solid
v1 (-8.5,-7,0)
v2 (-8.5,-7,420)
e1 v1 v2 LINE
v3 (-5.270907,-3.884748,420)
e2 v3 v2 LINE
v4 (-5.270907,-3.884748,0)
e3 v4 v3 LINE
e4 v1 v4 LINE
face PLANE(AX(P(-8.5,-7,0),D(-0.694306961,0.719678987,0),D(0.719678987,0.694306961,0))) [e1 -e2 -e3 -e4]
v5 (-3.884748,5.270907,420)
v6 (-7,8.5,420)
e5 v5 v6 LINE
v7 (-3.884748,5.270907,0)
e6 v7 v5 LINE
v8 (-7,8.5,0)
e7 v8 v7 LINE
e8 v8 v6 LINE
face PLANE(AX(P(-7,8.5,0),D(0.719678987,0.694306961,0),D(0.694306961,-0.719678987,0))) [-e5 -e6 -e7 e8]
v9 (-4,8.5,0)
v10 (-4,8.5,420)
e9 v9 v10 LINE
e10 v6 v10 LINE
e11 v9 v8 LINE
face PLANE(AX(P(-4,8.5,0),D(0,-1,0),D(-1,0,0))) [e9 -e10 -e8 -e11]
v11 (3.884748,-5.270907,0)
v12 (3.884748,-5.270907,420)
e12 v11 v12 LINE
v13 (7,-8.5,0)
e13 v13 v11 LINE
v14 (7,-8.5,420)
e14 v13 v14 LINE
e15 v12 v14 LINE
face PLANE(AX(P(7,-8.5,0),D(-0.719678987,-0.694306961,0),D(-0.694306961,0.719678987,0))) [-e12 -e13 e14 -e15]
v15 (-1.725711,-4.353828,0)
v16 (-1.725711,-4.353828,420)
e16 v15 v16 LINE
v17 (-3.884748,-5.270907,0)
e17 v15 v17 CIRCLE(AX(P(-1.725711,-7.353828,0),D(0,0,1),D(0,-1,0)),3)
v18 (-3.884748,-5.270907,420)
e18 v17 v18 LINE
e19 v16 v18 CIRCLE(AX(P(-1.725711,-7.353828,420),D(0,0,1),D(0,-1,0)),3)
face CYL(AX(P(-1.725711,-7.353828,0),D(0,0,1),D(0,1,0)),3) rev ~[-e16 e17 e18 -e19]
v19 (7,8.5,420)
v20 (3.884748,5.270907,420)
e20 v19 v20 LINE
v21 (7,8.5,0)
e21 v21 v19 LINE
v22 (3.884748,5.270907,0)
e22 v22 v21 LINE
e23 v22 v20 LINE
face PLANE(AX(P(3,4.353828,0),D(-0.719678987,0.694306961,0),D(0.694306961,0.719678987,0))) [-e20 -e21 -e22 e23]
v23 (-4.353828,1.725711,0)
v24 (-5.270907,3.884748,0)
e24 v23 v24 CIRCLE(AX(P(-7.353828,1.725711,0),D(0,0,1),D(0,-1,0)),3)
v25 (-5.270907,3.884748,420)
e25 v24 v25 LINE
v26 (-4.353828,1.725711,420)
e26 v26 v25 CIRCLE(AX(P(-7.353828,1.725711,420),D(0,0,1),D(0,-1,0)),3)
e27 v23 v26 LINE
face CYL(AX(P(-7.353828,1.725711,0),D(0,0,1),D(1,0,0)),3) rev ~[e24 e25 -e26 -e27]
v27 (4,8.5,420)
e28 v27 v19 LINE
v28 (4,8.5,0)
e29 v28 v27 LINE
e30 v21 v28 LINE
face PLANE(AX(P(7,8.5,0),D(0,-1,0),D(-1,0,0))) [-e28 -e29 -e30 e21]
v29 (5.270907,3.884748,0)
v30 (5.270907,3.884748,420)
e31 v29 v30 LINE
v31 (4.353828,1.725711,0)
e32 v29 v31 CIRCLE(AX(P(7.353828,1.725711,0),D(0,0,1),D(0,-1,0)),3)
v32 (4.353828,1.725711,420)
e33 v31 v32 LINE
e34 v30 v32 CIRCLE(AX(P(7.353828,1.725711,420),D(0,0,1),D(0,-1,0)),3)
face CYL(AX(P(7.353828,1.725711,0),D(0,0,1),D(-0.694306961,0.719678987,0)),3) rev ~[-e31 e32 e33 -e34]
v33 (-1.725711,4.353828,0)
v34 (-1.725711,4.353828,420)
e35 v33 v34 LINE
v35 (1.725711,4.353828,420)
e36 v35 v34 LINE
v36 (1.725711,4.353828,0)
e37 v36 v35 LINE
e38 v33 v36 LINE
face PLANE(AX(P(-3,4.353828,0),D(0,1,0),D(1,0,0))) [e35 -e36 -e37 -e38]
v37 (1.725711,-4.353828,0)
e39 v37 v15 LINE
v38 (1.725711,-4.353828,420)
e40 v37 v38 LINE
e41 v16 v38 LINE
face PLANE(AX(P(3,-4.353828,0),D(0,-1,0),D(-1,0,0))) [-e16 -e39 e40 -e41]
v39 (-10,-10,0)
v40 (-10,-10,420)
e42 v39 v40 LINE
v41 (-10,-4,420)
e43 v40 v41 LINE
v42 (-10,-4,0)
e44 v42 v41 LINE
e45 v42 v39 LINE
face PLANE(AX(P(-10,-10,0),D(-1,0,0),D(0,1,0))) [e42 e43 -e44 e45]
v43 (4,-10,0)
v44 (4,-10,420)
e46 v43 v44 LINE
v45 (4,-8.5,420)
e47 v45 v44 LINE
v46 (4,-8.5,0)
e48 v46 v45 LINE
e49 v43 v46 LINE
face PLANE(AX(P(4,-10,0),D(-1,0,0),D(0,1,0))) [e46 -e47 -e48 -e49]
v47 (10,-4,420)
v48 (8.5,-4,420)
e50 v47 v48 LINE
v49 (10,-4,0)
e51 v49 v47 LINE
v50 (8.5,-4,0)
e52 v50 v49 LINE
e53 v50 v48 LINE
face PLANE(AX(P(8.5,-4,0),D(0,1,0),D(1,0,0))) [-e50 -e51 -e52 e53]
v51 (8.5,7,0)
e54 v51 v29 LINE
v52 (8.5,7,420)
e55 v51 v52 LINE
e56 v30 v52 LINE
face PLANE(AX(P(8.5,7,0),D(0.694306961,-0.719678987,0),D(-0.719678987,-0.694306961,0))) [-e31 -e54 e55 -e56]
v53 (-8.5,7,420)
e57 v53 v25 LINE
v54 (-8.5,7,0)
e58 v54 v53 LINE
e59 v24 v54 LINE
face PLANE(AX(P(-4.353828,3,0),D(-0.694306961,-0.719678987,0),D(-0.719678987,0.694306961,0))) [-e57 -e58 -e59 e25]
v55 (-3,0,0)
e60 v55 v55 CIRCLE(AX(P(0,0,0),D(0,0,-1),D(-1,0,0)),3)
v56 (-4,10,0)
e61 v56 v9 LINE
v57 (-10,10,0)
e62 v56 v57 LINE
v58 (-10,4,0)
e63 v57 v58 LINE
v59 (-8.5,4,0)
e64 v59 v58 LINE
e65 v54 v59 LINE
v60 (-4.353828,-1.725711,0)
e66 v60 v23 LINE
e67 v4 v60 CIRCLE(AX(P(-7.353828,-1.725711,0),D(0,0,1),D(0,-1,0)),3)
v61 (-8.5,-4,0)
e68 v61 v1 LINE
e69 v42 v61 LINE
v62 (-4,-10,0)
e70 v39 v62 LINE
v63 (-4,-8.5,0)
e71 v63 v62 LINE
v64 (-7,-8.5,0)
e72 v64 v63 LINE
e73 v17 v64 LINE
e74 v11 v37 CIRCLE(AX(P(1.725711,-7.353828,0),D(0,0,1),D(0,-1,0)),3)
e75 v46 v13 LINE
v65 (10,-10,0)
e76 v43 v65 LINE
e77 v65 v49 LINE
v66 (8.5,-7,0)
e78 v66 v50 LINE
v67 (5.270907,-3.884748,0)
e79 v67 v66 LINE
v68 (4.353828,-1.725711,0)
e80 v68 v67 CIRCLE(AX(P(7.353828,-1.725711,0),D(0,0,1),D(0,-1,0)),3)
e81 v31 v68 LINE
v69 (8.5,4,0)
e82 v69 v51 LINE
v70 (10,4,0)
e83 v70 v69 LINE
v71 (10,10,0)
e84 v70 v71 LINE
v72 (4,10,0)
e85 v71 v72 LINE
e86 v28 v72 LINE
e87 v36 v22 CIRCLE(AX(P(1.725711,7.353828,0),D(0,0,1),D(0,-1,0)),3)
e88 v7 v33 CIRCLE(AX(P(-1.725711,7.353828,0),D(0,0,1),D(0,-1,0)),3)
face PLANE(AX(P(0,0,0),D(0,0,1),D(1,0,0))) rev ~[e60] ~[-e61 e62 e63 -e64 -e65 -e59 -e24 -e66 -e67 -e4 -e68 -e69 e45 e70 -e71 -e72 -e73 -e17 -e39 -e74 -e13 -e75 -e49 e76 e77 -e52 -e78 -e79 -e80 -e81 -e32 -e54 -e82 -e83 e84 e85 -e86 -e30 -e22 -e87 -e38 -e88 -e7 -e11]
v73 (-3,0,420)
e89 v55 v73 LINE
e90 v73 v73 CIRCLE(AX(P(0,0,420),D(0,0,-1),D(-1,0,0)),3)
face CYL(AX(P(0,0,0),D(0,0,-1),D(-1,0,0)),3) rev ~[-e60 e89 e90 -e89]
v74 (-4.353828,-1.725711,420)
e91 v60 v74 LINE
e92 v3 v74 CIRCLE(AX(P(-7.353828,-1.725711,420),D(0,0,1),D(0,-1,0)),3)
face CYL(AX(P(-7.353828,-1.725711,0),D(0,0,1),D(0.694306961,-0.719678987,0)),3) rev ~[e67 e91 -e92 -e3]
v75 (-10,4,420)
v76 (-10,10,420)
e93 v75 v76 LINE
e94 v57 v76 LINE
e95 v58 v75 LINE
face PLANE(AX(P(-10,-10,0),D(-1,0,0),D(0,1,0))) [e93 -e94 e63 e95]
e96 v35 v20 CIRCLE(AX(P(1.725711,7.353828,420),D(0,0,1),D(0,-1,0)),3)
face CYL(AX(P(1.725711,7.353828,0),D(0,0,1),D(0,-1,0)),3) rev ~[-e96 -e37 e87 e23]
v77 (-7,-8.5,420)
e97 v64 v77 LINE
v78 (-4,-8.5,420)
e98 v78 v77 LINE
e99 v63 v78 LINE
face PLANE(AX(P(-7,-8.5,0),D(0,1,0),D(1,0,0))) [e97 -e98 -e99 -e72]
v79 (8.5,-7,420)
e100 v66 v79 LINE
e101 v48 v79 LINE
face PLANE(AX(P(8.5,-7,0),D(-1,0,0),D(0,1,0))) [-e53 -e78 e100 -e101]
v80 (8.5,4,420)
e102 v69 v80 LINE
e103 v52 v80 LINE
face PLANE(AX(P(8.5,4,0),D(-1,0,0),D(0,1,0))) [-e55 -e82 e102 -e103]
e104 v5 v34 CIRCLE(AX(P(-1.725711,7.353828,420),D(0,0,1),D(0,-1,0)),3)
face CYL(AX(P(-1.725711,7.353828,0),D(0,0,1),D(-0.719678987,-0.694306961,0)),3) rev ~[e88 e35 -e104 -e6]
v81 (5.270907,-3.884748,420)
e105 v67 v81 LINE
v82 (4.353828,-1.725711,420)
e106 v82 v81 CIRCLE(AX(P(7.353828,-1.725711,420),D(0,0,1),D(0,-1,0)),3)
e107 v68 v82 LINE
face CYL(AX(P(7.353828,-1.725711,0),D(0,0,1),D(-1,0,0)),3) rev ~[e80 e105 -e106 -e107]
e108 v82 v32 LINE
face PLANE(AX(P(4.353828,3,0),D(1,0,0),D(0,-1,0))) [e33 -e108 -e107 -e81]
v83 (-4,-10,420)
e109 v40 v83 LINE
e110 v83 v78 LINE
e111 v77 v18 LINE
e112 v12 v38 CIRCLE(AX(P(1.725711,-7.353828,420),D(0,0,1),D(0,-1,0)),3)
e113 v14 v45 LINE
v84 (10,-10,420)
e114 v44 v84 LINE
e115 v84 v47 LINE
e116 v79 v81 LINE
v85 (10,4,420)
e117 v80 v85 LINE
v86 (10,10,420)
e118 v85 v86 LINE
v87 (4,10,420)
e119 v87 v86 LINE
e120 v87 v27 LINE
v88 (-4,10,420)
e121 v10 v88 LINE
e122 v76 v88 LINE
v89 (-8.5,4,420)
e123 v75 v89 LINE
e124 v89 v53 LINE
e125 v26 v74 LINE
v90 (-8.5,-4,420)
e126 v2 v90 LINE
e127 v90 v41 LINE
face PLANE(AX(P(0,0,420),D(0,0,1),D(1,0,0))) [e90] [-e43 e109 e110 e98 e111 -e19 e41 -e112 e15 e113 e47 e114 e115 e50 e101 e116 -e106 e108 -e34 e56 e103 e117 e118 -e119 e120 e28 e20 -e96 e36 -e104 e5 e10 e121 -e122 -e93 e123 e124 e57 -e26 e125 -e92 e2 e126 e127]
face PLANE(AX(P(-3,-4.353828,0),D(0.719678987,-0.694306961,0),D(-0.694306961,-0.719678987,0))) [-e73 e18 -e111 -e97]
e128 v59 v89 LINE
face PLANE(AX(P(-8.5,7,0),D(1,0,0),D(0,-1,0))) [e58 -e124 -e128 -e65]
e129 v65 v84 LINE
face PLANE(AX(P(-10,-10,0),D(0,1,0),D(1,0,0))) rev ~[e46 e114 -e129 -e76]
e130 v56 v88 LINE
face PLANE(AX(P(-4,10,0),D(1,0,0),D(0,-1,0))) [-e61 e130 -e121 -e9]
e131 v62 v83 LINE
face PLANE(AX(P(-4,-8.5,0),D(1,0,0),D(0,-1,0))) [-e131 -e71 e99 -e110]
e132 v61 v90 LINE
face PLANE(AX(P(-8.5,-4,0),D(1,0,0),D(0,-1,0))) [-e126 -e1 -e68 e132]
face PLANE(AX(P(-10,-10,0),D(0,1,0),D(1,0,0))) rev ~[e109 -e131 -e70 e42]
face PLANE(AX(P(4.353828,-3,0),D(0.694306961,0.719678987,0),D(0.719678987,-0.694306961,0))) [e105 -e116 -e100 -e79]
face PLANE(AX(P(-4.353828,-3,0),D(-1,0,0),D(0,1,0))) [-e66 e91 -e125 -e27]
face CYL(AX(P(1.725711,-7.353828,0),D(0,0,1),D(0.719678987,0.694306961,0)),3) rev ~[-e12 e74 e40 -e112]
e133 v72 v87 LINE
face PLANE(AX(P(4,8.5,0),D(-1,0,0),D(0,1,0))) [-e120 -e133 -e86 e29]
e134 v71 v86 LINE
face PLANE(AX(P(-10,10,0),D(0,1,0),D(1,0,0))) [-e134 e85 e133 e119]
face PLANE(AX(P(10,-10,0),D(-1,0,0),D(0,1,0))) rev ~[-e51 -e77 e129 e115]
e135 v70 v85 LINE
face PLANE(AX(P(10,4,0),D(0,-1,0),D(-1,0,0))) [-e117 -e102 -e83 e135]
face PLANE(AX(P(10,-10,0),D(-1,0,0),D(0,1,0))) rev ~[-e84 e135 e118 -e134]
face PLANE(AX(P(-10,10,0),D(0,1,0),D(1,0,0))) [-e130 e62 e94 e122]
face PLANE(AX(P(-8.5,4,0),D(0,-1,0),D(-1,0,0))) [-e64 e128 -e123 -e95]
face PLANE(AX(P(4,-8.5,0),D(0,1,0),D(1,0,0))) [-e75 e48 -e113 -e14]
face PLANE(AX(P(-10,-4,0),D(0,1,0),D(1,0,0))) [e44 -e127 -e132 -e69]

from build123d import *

# Parameters (mm, degrees)
ESBO_O1_W                  = 20
ESBO_O1_H                  = 20
RESSALTO_EXTRUS_O1_DEPTH   = 420
ESBO_O2_R                  = 3
CORTE_EXTRUS_O1_DEPTH      = 1
CORTE_EXTRUS_O1_DEPTH_BACK = 421
FILETE1_R                  = 3


with BuildPart() as part:
    # Esboço1 → Ressalto-extrusão1 (new body)
    with BuildSketch(Plane.XY):
        Rectangle(ESBO_O1_W, ESBO_O1_H)
    extrude(amount=RESSALTO_EXTRUS_O1_DEPTH)

    # Esboço2 → Corte-extrusão1 (cut, two sides)
    with BuildSketch(Plane(origin=(0, 0, 0), x_dir=(-1, 0, 0), z_dir=(0, 0, -1))) as corte_extrus_o1_sk:
        Circle(ESBO_O2_R)
        Polygon((-10, 4), (-8.5, 4), (-8.5, 7), (-4.353828188, 3), (-4.353828188, -3), (-8.5, -7), (-8.5, -4), (-10, -4), align=None)
        Polygon((4, 10), (4, 8.5), (7, 8.5), (3, 4.353828188), (-3, 4.353828188), (-7, 8.5), (-4, 8.5), (-4, 10), align=None)
        Polygon((10, -4), (8.5, -4), (8.5, -7), (4.353828188, -3), (4.353828188, 3), (8.5, 7), (8.5, 4), (10, 4), align=None)
        Polygon((-4, -10), (-4, -8.5), (-7, -8.5), (-3, -4.353828188), (3, -4.353828188), (7, -8.5), (4, -8.5), (4, -10), align=None)
    extrude(amount=CORTE_EXTRUS_O1_DEPTH, mode=Mode.SUBTRACT)
    extrude(corte_extrus_o1_sk.sketch, amount=-CORTE_EXTRUS_O1_DEPTH_BACK, mode=Mode.SUBTRACT)

    # Filete1
    filete1_edges = [part.edges().sort_by_distance(p)[0] for p in [
        (-3, 4.353828188, 210),
        (3, 4.353828188, 210),
        (4.353828188, 3, 210),
        (4.353828188, -3, 210),
        (3, -4.353828188, 210),
        (-3, -4.353828188, 210),
        (-4.353828188, -3, 210),
        (-4.353828188, 3, 210),
    ]]
    fillet(filete1_edges, radius=FILETE1_R)


solid = part.part
